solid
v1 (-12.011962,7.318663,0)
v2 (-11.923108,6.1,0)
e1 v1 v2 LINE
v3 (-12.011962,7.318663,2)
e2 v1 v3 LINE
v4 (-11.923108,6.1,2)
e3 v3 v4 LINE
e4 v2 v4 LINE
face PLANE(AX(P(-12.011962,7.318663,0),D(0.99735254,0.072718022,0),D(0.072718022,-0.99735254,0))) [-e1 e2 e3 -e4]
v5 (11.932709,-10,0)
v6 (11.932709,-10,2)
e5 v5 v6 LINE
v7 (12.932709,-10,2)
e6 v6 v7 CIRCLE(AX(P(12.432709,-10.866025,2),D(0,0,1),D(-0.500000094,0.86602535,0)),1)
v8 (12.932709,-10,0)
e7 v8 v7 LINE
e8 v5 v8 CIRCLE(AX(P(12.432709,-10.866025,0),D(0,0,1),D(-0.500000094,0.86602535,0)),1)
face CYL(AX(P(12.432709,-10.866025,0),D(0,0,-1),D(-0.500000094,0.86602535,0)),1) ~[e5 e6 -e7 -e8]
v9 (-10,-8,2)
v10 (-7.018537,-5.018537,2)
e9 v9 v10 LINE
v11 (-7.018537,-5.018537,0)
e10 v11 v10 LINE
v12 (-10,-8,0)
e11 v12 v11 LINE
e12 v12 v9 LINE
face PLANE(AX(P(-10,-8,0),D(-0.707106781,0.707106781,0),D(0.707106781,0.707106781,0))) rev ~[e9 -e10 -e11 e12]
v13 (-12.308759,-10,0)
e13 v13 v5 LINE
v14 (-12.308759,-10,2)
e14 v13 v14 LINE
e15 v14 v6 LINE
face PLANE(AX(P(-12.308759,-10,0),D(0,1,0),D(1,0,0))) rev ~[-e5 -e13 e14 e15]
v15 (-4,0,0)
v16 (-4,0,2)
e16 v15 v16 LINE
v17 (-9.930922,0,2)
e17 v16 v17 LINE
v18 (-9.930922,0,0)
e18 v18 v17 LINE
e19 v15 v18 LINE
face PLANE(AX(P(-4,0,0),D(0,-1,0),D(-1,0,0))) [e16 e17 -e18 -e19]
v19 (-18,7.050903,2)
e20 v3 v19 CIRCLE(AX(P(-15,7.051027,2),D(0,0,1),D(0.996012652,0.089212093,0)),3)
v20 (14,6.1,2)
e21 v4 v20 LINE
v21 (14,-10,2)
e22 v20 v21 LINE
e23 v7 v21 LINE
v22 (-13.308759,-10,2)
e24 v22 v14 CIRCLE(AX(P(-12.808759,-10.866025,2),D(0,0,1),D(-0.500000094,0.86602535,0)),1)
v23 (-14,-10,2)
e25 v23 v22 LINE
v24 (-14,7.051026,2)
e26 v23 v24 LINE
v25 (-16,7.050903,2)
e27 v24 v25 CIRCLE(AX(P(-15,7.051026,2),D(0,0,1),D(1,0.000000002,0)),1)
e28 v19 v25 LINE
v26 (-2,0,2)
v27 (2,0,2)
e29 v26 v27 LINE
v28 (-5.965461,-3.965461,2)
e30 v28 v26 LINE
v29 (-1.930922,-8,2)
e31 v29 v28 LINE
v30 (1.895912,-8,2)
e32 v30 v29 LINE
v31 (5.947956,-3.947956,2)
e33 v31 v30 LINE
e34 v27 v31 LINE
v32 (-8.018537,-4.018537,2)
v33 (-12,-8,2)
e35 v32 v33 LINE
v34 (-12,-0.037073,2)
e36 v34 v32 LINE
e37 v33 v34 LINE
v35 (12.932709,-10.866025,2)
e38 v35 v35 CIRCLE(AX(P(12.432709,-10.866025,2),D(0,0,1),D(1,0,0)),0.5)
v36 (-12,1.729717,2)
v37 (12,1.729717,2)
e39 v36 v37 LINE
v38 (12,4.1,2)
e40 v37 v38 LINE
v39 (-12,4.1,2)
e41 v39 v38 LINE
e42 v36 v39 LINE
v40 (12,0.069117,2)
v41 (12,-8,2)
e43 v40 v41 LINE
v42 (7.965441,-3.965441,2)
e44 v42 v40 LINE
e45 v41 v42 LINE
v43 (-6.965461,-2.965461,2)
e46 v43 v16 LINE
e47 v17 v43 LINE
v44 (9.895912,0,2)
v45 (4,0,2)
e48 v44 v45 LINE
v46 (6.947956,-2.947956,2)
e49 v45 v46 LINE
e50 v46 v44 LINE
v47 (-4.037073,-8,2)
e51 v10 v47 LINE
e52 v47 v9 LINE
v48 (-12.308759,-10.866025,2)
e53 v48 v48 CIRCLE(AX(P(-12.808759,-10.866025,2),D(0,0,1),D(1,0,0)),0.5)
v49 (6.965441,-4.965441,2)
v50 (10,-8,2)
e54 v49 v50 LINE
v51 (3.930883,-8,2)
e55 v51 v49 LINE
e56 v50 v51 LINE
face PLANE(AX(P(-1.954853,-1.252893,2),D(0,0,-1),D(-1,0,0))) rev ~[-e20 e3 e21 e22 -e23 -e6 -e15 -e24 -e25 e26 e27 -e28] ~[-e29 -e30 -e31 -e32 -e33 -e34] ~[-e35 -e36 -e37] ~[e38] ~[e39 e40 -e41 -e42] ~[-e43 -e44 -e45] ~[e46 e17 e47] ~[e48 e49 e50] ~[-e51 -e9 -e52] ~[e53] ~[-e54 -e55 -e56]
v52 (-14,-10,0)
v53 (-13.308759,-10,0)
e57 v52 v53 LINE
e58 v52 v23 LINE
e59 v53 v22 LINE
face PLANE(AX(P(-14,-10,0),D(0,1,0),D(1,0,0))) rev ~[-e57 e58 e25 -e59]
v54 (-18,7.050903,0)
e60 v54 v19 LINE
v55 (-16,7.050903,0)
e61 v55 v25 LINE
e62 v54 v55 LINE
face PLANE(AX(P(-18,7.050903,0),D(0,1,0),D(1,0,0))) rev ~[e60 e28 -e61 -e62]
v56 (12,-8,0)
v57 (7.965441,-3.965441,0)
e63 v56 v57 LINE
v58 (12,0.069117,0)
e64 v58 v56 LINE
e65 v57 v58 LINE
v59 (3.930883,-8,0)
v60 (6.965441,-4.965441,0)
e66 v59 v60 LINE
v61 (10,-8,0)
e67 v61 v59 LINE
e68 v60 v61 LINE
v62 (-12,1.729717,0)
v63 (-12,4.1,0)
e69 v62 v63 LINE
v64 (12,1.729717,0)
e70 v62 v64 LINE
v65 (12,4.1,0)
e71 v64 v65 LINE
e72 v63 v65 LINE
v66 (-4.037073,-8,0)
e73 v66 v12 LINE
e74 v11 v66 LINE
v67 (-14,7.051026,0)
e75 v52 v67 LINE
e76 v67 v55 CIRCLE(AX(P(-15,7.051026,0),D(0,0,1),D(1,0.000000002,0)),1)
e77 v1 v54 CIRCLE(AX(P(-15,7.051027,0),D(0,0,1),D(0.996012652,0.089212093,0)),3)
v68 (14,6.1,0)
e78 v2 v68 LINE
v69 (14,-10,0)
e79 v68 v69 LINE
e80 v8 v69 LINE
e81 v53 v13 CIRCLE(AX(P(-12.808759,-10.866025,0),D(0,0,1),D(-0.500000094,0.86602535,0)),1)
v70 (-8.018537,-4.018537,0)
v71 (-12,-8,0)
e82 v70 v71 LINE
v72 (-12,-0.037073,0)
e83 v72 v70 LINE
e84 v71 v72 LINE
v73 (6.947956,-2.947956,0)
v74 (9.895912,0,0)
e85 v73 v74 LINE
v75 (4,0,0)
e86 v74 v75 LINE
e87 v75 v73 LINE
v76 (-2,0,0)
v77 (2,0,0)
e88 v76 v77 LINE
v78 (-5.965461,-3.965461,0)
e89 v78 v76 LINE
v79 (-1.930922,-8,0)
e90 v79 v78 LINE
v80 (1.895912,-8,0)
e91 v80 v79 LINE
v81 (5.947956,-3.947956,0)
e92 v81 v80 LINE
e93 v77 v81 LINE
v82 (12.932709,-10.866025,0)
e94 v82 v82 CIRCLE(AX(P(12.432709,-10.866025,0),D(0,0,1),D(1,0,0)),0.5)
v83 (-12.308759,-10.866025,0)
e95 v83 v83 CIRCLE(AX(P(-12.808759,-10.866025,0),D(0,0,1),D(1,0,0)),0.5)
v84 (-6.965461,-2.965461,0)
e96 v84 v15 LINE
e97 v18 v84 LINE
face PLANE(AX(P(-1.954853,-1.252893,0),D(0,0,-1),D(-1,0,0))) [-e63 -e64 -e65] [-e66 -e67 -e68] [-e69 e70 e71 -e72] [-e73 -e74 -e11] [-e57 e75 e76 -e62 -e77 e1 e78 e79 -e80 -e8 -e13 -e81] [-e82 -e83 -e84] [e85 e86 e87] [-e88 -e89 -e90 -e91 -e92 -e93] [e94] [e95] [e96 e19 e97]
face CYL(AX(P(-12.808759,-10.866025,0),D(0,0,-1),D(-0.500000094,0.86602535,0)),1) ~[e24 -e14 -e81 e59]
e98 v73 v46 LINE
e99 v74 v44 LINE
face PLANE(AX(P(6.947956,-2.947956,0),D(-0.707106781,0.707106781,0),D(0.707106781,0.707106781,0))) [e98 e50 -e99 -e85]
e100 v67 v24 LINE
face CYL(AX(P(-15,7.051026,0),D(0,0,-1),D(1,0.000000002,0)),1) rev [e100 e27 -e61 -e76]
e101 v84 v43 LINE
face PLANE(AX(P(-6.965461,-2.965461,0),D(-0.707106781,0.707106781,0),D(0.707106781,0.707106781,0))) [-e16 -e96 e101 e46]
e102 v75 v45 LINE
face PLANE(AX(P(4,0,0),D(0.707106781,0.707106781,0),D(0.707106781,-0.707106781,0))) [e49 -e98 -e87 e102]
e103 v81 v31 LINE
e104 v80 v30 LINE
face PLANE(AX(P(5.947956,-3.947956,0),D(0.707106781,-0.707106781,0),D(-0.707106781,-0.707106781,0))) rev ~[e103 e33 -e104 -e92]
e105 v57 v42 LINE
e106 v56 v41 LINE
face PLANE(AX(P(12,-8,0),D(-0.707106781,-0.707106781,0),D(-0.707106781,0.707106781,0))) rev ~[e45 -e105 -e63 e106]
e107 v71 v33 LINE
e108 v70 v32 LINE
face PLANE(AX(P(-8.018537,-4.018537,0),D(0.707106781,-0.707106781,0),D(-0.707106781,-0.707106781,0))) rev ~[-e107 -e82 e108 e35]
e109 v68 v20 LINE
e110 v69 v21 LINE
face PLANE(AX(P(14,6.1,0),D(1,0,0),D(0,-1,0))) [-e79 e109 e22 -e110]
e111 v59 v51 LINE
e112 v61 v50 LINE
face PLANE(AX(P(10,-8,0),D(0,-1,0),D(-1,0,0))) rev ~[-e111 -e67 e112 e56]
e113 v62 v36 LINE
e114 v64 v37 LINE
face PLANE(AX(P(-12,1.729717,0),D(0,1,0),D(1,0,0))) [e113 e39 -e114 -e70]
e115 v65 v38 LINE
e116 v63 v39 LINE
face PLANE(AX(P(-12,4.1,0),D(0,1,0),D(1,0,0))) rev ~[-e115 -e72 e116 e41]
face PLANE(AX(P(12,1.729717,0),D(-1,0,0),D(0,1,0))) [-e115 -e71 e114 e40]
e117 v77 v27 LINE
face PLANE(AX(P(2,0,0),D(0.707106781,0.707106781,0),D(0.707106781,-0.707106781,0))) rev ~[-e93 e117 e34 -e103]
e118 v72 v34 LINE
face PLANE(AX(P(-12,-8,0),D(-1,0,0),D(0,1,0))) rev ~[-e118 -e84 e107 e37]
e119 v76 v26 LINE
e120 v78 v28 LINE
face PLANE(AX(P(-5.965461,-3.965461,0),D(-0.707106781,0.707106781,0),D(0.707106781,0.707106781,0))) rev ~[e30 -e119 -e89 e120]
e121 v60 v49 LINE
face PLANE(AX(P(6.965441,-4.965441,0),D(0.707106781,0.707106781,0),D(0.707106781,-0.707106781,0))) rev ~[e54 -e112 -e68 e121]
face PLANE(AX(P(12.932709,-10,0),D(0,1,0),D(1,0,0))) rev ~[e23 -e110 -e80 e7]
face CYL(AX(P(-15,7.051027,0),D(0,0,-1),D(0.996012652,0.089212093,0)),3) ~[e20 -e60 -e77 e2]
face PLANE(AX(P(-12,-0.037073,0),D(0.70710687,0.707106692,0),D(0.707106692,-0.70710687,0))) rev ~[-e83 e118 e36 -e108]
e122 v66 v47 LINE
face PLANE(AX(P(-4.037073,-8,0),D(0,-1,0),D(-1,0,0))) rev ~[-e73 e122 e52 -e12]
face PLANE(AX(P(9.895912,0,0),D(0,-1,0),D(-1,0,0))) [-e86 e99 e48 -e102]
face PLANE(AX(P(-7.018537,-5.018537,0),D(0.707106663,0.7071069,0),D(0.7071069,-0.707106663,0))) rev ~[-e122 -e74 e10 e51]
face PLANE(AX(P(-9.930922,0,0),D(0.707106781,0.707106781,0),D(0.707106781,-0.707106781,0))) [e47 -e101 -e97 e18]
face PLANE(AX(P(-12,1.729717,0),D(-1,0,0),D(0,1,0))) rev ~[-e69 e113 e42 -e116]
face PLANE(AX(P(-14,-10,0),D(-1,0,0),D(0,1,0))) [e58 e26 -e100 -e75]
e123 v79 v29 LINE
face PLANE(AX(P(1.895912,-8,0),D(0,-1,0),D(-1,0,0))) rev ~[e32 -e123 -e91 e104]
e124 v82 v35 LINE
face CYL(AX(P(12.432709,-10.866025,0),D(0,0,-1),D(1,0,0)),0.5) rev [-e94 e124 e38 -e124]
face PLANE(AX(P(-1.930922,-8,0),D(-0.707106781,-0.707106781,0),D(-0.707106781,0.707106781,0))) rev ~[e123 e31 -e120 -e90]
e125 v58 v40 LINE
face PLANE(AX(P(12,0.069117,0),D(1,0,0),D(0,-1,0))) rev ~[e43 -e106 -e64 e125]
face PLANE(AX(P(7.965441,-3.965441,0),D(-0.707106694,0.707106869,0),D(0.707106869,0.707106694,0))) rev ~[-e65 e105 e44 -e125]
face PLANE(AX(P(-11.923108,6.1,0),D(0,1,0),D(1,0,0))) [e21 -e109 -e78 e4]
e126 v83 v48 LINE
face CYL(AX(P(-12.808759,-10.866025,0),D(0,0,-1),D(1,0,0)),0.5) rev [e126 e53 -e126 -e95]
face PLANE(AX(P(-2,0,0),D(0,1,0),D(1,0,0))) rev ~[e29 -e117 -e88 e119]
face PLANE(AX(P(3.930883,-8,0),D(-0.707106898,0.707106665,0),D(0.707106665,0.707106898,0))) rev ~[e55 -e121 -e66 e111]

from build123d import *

# Parameters (mm, degrees)
SKETCH_R  = 0.5
SKETCH_W  = 24
SKETCH_H  = 2.370283
PAD_DEPTH = 2


with BuildPart() as part:
    # Sketch → Pad (new body)
    with BuildSketch(Plane.XY):
        with BuildLine():
            Line((-11.923108, 6.1), (14, 6.1))
            Line((14, 6.1), (14, -10))
            Line((12.932709, -10), (14, -10))
            ThreePointArc((11.932709, -10), (12.432709, -11.866025), (12.932709, -10))
            Line((-12.308759, -10), (11.932709, -10))
            ThreePointArc((-13.308759, -10), (-12.808759, -11.866025), (-12.308759, -10))
            Line((-14, -10), (-13.308759, -10))
            Line((-14, -10), (-14, 7.051026))
            ThreePointArc((-14, 7.051026), (-15.000062, 8.051026), (-16, 7.050903))
            Line((-18, 7.050903), (-16, 7.050903))
            ThreePointArc((-12.011962, 7.318663), (-15.134013, 10.048032), (-18, 7.050903))
            Line((-12.011962, 7.318663), (-11.923108, 6.1))
        make_face()
        with Locations((-12.808759, -10.866025)):
            Circle(SKETCH_R, mode=Mode.SUBTRACT)
        with Locations((12.432709, -10.866025)):
            Circle(SKETCH_R, mode=Mode.SUBTRACT)
        with Locations((0, 2.914858)):
            Rectangle(SKETCH_W, SKETCH_H, mode=Mode.SUBTRACT)
        Polygon((-12, -8), (-12, -0.037073), (-8.018537, -4.018537), align=None, mode=Mode.SUBTRACT)
        Polygon((-9.930922, 0), (-6.965461, -2.965461), (-4, 0), align=None, mode=Mode.SUBTRACT)
        Polygon((2, 0), (5.947956, -3.947956), (1.895912, -8), (-1.930922, -8), (-5.965461, -3.965461), (-2, 0), align=None, mode=Mode.SUBTRACT)
        Polygon((4, 0), (6.947956, -2.947956), (9.895912, 0), align=None, mode=Mode.SUBTRACT)
        Polygon((-10, -8), (-7.018537, -5.018537), (-4.037073, -8), align=None, mode=Mode.SUBTRACT)
        Polygon((3.930883, -8), (6.965441, -4.965441), (10, -8), align=None, mode=Mode.SUBTRACT)
        Polygon((7.965441, -3.965441), (12, 0.069117), (12, -8), align=None, mode=Mode.SUBTRACT)
    extrude(amount=PAD_DEPTH)


solid = part.part
